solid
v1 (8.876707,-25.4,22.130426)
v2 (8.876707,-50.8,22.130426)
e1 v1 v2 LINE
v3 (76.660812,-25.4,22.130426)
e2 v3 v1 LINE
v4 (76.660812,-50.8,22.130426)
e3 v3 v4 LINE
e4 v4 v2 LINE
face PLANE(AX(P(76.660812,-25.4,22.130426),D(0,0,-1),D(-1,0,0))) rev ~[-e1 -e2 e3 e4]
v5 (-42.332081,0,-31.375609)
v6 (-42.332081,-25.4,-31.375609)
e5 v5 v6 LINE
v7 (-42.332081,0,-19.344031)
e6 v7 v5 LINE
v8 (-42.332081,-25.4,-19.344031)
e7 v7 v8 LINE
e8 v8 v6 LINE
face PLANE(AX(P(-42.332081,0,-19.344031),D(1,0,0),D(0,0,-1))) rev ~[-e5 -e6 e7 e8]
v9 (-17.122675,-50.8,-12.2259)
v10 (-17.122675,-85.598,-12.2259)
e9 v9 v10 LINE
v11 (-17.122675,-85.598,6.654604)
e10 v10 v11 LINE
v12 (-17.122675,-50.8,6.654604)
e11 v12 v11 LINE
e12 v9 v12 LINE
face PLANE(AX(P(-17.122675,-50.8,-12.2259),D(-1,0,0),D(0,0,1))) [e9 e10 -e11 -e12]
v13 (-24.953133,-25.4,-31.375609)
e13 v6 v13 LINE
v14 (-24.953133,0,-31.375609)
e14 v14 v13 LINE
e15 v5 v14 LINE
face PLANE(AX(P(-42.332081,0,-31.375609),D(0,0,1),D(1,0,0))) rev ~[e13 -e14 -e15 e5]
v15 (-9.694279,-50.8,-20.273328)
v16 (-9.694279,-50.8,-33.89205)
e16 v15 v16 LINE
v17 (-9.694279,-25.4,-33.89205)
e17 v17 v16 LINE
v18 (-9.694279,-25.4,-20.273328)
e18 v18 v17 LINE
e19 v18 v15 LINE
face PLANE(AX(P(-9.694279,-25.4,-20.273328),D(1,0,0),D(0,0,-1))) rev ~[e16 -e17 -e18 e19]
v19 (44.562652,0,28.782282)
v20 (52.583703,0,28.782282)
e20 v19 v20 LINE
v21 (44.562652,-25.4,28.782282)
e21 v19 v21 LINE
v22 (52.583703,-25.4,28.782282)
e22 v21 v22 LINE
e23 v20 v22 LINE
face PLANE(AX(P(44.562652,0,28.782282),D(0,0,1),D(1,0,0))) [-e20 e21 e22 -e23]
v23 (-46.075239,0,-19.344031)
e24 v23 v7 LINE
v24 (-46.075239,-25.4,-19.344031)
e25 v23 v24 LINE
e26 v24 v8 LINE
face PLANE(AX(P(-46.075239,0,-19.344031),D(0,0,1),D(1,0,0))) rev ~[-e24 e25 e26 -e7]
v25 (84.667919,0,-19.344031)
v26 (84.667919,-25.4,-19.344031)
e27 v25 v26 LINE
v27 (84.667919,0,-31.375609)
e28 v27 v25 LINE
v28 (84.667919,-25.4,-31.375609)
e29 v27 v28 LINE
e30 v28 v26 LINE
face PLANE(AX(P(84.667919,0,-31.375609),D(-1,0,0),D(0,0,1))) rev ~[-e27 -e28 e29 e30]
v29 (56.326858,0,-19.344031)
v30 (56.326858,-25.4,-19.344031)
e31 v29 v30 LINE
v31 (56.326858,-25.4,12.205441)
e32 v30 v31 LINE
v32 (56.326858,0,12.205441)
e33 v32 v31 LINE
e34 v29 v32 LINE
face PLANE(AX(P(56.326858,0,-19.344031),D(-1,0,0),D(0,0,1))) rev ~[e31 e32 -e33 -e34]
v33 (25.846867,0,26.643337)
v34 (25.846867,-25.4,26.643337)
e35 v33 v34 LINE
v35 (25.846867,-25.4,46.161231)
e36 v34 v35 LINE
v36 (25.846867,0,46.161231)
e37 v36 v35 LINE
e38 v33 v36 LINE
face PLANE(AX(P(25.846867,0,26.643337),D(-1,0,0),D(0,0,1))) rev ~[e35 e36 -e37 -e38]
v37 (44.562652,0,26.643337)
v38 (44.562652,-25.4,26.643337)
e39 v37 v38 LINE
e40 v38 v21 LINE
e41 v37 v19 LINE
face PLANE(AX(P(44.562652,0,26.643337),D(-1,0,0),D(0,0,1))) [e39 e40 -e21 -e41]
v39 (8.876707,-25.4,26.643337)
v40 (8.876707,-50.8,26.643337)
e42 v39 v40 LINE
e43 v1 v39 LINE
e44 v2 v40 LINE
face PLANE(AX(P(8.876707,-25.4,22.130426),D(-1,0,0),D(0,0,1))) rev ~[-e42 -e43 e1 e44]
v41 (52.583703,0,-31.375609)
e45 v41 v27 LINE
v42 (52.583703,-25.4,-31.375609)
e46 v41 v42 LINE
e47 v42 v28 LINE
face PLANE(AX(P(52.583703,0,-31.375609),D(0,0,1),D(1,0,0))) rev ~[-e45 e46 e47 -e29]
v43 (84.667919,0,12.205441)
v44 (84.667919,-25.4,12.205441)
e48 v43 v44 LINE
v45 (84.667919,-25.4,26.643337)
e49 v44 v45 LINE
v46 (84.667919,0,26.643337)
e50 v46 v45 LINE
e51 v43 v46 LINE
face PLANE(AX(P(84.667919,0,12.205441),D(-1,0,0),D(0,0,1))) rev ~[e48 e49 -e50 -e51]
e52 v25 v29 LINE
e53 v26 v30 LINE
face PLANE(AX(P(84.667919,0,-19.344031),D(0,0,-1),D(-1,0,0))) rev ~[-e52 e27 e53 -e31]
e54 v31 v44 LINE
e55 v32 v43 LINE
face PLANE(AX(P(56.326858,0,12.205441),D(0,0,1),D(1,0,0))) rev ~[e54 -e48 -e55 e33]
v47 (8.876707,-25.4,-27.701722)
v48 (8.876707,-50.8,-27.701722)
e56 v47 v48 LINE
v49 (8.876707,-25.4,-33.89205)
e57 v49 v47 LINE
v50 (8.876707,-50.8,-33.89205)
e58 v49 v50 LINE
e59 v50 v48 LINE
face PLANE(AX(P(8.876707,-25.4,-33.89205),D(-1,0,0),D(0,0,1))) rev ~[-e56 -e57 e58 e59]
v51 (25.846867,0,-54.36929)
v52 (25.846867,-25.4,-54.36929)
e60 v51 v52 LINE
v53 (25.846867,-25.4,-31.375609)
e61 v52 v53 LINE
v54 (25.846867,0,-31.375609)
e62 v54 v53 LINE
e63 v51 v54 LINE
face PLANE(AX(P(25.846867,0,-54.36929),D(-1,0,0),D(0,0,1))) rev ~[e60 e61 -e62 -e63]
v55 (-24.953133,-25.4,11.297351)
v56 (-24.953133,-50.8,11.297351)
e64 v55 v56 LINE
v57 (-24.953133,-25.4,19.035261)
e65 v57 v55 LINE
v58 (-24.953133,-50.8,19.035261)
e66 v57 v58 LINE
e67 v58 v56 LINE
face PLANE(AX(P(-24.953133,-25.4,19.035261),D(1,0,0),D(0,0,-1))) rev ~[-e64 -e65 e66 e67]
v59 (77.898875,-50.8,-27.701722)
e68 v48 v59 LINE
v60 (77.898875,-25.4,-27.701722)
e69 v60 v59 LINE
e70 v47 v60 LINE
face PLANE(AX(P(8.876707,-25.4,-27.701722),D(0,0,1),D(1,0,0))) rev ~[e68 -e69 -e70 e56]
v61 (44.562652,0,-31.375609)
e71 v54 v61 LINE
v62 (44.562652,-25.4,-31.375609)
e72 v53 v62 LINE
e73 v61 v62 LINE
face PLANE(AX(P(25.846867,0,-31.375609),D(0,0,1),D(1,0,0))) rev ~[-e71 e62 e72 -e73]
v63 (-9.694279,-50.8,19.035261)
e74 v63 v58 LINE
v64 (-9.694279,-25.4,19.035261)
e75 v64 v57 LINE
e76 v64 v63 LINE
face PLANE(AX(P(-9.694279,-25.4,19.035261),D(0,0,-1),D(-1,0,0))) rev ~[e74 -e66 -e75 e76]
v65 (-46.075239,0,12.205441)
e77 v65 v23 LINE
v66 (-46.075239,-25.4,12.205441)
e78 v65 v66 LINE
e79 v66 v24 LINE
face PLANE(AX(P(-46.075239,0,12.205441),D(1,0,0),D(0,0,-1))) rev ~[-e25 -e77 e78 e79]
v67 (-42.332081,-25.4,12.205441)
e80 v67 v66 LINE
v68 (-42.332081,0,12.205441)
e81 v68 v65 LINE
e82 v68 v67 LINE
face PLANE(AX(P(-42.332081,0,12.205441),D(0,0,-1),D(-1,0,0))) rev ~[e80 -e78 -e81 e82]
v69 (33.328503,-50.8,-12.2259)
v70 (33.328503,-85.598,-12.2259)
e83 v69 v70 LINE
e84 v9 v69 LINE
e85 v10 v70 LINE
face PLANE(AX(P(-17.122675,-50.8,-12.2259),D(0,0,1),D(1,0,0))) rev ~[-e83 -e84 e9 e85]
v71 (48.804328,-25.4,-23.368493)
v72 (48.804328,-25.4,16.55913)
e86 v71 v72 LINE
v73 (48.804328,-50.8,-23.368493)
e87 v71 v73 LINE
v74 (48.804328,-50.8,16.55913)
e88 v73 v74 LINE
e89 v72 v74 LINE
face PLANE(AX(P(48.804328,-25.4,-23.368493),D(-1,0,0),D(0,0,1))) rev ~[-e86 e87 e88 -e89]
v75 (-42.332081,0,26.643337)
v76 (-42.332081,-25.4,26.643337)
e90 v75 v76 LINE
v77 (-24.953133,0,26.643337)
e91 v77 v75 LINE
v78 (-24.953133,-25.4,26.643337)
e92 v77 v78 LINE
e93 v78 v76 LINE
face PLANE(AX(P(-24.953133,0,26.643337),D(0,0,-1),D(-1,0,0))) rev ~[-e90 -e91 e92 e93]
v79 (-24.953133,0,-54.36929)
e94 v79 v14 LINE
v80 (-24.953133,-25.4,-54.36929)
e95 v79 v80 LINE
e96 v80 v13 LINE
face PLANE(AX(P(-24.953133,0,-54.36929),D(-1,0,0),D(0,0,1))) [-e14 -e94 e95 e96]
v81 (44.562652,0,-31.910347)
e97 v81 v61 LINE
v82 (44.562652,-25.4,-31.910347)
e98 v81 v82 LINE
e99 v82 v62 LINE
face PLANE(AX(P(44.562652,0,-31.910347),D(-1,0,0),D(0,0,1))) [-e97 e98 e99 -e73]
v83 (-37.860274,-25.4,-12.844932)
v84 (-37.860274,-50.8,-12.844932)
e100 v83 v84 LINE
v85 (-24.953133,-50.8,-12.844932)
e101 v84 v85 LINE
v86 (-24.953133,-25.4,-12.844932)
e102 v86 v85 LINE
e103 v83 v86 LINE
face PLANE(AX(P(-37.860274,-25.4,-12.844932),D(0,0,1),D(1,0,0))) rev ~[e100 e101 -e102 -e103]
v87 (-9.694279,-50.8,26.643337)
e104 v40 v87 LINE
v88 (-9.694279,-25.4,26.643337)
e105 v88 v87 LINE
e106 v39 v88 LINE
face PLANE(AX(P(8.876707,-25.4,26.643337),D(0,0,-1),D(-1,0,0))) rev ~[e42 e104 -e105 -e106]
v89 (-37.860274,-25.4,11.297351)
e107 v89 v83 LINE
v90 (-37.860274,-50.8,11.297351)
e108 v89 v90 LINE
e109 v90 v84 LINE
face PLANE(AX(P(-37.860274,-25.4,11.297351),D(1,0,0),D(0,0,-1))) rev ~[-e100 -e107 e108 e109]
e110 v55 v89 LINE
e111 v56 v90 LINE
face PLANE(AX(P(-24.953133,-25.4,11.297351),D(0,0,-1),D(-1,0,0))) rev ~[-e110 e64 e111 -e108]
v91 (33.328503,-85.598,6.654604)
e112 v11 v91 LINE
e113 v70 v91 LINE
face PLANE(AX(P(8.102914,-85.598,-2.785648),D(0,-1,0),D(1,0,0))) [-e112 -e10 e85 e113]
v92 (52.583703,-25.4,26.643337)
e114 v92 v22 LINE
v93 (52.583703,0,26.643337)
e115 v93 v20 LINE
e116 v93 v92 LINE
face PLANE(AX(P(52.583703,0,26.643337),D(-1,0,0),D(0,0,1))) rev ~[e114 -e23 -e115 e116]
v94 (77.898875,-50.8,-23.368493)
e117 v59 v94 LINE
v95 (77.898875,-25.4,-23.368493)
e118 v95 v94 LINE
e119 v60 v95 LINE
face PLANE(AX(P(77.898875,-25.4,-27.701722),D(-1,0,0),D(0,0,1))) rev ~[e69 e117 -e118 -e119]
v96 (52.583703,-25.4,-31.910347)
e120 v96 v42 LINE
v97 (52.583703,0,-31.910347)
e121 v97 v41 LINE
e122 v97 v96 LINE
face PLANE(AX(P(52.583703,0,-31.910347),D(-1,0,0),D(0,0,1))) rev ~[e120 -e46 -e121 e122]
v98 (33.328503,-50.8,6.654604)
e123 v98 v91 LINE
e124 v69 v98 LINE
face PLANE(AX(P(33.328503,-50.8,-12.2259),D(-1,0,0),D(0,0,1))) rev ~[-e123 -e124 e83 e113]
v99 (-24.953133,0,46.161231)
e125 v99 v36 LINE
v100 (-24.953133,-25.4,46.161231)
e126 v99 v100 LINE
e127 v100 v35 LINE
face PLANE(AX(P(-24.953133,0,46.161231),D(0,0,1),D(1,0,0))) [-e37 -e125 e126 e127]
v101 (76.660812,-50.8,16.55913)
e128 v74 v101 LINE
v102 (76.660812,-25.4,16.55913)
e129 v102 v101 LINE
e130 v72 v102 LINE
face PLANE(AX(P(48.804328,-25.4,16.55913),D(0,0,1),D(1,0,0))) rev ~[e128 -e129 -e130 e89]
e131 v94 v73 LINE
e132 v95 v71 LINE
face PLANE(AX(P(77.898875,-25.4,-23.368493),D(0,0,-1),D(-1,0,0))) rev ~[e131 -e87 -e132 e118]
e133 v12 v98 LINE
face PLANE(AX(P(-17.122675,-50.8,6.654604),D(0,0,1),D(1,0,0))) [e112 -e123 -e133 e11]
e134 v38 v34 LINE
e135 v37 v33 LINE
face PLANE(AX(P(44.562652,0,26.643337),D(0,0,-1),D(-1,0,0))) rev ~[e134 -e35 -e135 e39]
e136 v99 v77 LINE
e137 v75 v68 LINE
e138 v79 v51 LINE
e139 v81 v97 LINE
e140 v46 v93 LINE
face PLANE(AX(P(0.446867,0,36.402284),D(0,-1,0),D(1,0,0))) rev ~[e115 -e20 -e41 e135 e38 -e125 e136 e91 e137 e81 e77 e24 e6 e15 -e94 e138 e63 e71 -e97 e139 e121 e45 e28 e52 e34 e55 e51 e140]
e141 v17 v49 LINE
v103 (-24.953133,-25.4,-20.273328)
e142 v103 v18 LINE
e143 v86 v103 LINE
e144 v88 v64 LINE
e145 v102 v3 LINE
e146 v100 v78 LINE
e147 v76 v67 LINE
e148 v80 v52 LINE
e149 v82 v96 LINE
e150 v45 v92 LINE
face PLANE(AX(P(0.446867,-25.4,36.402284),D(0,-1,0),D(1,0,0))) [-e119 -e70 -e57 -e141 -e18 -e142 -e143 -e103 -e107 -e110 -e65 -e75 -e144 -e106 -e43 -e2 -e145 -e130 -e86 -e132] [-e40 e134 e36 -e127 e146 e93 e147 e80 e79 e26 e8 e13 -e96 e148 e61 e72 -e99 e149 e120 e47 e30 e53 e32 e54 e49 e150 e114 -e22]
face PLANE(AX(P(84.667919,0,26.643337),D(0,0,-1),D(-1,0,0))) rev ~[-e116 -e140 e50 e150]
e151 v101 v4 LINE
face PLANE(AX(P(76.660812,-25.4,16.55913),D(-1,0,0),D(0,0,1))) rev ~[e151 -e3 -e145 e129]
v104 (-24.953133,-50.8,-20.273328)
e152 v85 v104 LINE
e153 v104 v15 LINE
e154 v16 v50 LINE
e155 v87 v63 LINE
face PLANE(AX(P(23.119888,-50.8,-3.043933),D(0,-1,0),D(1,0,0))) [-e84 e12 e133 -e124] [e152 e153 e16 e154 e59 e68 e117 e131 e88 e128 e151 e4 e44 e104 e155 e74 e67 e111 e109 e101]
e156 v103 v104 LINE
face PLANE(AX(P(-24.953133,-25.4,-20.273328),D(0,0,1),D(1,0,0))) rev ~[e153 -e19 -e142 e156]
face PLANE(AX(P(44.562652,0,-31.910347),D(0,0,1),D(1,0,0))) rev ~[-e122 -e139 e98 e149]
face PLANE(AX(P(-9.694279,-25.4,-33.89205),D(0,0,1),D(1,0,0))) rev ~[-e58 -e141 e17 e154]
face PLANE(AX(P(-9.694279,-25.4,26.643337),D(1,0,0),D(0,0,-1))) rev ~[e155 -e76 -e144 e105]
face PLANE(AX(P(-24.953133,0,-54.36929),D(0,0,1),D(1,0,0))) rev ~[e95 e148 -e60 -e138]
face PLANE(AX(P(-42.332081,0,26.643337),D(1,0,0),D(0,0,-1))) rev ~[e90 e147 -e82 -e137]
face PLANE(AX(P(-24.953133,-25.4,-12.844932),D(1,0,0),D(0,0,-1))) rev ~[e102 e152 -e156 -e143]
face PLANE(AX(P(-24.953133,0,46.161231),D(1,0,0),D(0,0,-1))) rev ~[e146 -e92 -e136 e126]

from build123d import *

# Parameters (mm, degrees)
F0_W     = 50.8
F0_H     = 19.5178945826
F0_H_2   = 14.4378958169
F0_W_2   = 18.715784845
F0_W_3   = 8.0210510887
F0_H_3   = 2.1389448998
F0_H_4   = 12.0315781759
F0_H_5   = 22.9936808162
F0_H_6   = 0.5347377678
F1_DEPTH = 25.4
F3_DEPTH = 25.4
F4_W     = 50.4511781037
F4_H     = 18.8805037178
F5_DEPTH = 34.798


with BuildPart() as f1:
    # F0 (on Front) → F1 (new body)
    with BuildSketch(Plane.XZ):
        with Locations((0.4468671068, 36.4022840108)):
            Rectangle(F0_W, F0_H)
        with Locations((0.4468671068, 19.4243888111)):
            Rectangle(F0_W, F0_H_2)
        Polygon((-24.9531328932, 12.2054409026), (-24.9531328932, 26.6433367195), (-42.332081033, 26.6433367195), (-42.332081033, 12.2054409026), (-46.0752392364, 12.2054409026), (-46.0752392364, -19.3440310844), (-42.332081033, -19.3440310844), (-42.332081033, -31.3756092603), (-24.9531328932, -31.3756092603), (-24.9531328932, -19.3440310844), (25.8468671068, -19.3440310844), (44.5626519519, -19.3440310844), (52.5837030406, -19.3440310844), (56.3268581581, -19.3440310844), (56.3268581581, 12.2054409026), (52.5837030406, 12.2054409026), (44.5626519519, 12.2054409026), (25.8468671068, 12.2054409026), align=None)
        with Locations((35.2047595293, 19.4243888111)):
            Rectangle(F0_W_2, F0_H_2)
        with Locations((48.5731774962, 19.4243888111)):
            Rectangle(F0_W_3, F0_H_2)
        with Locations((48.5731774962, 27.7128091694)):
            Rectangle(F0_W_3, F0_H_3)
        Polygon((84.667918967, 26.6433367195), (52.5837030406, 26.6433367195), (52.5837030406, 12.2054409026), (56.3268581581, 12.2054409026), (84.667918967, 12.2054409026), align=None)
        Polygon((84.667918967, -19.3440310844), (56.3268581581, -19.3440310844), (52.5837030406, -19.3440310844), (52.5837030406, -31.3756092603), (84.667918967, -31.3756092603), align=None)
        with Locations((48.5731774962, -25.3598201724)):
            Rectangle(F0_W_3, F0_H_4)
        with Locations((0.4468671068, -25.3598201724)):
            Rectangle(F0_W, F0_H_4)
        with Locations((0.4468671068, -42.8724496684)):
            Rectangle(F0_W, F0_H_5)
        with Locations((35.2047595293, -25.3598201724)):
            Rectangle(F0_W_2, F0_H_4)
        with Locations((48.5731774962, -31.6429781442)):
            Rectangle(F0_W_3, F0_H_6)
    extrude(amount=F1_DEPTH)

    # F2 (on face) → F3 (join)
    with BuildSketch(Plane.XZ.offset(25.4)):
        Polygon((8.8767074049, 26.6433367195), (-9.6942791715, 26.6433367195), (-9.6942791715, 19.0352611244), (-24.9531328932, 19.0352611244), (-24.9531328932, 11.2973507494), (-37.8602743149, 11.2973507494), (-37.8602743149, -12.8449322656), (-24.9531328932, -12.8449322656), (-24.9531328932, -20.2733278275), (-9.6942791715, -20.2733278275), (-9.6942791715, -33.8920503855), (8.8767074049, -33.8920503855), (8.8767074049, -27.701722458), (77.8988748789, -27.701722458), (77.8988748789, -23.3684927225), (48.8043278456, -23.3684927225), (48.8043278456, 16.5591295809), (76.6608119011, 16.5591295809), (76.6608119011, 22.1304260194), (8.8767074049, 22.1304260194), align=None)
    extrude(amount=F3_DEPTH)

    # F4 (on face) → F5 (join)
    with BuildSketch(Plane.XZ.offset(50.8)):
        with Locations((8.1029143184, -2.7856479865)):
            Rectangle(F4_W, F4_H)
    extrude(amount=F5_DEPTH)


solid = f1.part
